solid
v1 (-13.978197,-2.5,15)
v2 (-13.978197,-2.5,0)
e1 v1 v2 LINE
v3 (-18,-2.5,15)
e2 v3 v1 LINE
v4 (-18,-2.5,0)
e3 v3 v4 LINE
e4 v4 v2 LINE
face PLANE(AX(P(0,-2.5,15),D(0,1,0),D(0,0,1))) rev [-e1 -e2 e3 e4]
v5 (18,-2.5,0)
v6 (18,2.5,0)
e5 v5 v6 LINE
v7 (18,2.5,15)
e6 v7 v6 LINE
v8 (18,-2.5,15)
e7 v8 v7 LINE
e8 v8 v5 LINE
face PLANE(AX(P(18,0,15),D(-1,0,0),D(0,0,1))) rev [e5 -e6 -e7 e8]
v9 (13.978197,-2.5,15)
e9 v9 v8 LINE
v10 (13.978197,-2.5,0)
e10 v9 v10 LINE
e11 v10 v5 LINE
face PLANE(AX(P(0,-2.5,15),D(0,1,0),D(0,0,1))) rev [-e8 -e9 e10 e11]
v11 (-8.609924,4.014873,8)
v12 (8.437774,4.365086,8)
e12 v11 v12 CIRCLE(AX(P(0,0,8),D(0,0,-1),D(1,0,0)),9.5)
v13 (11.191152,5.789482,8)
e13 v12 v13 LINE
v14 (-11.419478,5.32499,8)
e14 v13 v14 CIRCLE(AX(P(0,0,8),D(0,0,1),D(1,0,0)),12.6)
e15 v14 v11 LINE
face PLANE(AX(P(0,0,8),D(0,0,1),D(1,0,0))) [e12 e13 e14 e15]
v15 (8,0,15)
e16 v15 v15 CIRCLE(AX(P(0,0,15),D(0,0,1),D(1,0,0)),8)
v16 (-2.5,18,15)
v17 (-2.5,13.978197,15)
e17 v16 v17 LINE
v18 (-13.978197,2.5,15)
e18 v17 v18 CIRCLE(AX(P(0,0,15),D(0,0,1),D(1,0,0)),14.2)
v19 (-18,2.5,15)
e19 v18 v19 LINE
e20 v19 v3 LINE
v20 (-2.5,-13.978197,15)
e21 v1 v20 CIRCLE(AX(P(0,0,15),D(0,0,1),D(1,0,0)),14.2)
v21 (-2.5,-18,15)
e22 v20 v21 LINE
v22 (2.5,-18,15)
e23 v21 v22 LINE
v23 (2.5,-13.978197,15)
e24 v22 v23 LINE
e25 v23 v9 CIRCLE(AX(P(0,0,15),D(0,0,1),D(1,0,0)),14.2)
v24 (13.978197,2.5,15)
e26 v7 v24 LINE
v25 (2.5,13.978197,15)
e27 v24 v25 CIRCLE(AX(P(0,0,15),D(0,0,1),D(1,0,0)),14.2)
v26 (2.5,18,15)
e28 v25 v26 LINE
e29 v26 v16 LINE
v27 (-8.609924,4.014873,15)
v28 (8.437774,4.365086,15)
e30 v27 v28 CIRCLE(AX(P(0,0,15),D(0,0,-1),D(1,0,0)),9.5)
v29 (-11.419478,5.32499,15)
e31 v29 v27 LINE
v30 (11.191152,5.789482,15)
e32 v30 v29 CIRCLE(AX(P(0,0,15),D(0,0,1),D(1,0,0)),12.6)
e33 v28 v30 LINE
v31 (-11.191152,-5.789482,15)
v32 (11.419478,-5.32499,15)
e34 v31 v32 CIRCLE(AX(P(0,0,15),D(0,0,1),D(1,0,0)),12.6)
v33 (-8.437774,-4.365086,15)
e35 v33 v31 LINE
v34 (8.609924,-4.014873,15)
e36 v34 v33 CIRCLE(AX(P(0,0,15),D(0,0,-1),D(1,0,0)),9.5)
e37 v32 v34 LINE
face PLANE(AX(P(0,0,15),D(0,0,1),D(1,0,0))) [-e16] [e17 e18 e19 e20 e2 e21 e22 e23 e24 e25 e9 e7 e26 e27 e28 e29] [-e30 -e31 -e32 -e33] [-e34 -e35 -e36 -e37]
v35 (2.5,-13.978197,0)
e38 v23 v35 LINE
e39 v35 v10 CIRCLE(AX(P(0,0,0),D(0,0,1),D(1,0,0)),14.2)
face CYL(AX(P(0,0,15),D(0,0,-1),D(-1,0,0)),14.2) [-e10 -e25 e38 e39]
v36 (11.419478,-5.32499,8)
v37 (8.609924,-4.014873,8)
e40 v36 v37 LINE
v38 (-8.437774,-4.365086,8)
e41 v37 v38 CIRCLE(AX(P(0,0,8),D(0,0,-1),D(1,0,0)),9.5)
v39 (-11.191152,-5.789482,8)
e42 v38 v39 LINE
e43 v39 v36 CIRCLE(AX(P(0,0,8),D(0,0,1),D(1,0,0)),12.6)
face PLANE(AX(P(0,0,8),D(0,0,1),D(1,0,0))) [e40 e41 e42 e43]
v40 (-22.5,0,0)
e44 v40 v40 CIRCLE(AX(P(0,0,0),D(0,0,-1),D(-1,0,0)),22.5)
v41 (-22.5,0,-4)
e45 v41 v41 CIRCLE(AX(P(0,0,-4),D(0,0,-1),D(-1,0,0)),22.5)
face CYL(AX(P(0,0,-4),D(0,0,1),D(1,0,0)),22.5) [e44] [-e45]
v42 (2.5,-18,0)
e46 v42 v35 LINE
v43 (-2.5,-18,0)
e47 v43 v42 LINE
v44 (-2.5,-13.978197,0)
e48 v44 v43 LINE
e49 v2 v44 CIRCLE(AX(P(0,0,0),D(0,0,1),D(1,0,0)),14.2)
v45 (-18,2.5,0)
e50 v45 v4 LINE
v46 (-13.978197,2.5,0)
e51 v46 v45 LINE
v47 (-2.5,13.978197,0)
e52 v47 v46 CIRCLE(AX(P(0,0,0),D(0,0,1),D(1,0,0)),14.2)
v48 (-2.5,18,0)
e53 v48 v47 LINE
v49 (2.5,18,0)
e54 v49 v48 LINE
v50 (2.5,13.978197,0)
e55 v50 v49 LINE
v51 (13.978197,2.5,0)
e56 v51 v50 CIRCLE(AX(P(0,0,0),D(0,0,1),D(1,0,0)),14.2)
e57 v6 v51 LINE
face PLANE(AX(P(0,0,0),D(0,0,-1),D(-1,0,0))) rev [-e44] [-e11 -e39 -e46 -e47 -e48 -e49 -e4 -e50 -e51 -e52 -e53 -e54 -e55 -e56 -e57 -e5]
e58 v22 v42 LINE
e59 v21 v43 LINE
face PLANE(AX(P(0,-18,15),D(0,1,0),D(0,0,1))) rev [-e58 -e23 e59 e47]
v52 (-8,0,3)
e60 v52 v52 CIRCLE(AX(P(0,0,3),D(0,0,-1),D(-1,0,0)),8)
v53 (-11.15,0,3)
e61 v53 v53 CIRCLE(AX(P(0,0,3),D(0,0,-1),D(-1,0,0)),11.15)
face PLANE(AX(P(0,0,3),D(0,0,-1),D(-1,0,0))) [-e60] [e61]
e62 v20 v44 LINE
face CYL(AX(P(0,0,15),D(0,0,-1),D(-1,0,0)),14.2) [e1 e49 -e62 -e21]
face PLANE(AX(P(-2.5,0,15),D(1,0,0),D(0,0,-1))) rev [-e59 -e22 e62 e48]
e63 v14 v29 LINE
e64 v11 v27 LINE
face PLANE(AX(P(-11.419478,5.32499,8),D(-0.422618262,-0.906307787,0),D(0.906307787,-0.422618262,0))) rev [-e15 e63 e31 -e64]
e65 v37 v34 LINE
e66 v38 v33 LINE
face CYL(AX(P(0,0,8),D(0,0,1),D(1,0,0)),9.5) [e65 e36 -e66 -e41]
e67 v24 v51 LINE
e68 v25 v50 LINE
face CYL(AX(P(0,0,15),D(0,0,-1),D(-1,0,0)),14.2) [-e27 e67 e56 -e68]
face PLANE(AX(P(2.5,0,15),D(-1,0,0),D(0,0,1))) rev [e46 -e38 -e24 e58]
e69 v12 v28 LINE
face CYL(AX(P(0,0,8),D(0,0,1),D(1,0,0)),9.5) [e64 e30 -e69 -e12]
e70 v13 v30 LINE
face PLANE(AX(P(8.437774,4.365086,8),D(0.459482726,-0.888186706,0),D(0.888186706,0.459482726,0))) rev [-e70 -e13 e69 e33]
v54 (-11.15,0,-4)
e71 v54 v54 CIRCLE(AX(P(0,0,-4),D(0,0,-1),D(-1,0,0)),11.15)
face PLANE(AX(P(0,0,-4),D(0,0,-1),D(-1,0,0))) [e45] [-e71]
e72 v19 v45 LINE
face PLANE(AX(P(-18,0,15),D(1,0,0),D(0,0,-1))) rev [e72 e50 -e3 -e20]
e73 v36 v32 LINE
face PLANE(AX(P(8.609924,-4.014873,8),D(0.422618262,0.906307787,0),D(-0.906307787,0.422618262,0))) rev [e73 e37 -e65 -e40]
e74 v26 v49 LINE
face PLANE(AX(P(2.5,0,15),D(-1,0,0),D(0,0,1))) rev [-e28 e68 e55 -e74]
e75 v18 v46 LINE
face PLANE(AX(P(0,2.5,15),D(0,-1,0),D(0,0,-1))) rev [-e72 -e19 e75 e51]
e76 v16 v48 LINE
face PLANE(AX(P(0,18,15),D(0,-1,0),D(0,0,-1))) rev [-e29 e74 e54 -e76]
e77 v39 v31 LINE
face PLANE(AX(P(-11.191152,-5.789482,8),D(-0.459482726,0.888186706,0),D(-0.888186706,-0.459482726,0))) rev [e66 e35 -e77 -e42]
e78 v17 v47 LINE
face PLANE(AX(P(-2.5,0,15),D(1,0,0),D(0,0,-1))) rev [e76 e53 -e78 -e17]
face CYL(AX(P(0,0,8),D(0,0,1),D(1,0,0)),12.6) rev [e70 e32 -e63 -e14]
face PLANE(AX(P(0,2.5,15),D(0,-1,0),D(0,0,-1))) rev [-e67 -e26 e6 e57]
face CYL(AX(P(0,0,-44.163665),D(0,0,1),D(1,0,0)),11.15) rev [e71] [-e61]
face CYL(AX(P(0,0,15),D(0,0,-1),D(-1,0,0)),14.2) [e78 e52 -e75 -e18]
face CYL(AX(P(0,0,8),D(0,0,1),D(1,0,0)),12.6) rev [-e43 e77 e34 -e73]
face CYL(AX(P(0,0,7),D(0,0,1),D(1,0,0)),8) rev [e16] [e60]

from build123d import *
from build123d.topology import SkipClean

# Parameters (mm, degrees)
ESBO_O1_R                = 11.15
RESSALTO_EXTRUS_O1_DEPTH = 15
ESBO_O2_R                = 22.5
RESSALTO_EXTRUS_O2_DEPTH = 4
RESSALTO_EXTRUS_O6_START = -8
ESBO_O5_R                = 11.15
ESBO_O5_R_2              = 8
RESSALTO_EXTRUS_O6_DEPTH = 8
RESSALTO_EXTRUS_O7_START = 4
ESBO_O7_R                = 14.2
ESBO_O7_R_2              = 11.15
RESSALTO_EXTRUS_O7_DEPTH = 4
RESSALTO_EXTRUS_O8_START = 4
ESBO_O8_R                = 11.15
ESBO_O8_R_2              = 8
RESSALTO_EXTRUS_O8_DEPTH = 4
CORTE_EXTRUS_O1_DEPTH    = 7


with BuildPart() as part:
    # Esboço1 → Ressalto-extrusão1 (new body)
    with BuildSketch(Plane.XY):
        with BuildLine():
            Line((-2.5, 18), (-2.5, 13.978197309))
            ThreePointArc((-2.5, 13.978197309), (-10.040916293, 10.040916293), (-13.978197309, 2.5))
            Line((-13.978197309, 2.5), (-18, 2.5))
            Line((-18, 2.5), (-18, -2.5))
            Line((-18, -2.5), (-13.978197309, -2.5))
            ThreePointArc((-13.978197309, -2.5), (-10.040916293, -10.040916293), (-2.5, -13.978197309))
            Line((-2.5, -13.978197309), (-2.5, -18))
            Line((-2.5, -18), (2.5, -18))
            Line((2.5, -18), (2.5, -13.978197309))
            ThreePointArc((2.5, -13.978197309), (10.040916293, -10.040916293), (13.978197309, -2.5))
            Line((13.978197309, -2.5), (18, -2.5))
            Line((18, -2.5), (18, 2.5))
            Line((18, 2.5), (13.978197309, 2.5))
            ThreePointArc((13.978197309, 2.5), (10.040916293, 10.040916293), (2.5, 13.978197309))
            Line((2.5, 13.978197309), (2.5, 18))
            Line((2.5, 18), (-2.5, 18))
        make_face()
        Circle(ESBO_O1_R, mode=Mode.SUBTRACT)
    extrude(amount=RESSALTO_EXTRUS_O1_DEPTH)

    # Esboço5 → Ressalto-extrusão6 (add)
    with BuildSketch(Plane.XY.offset(15).offset(RESSALTO_EXTRUS_O6_START)):
        Circle(ESBO_O5_R)
        Circle(ESBO_O5_R_2, mode=Mode.SUBTRACT)
    extrude(amount=RESSALTO_EXTRUS_O6_DEPTH)



with BuildPart() as body_2:
    # Esboço2 → Ressalto-extrusão2 (new body)
    # profile 1 of 5: a face of its own
    with SkipClean():  # the faces are left unmerged after this step: merging them gives an invalid solid
        with BuildSketch(Plane(origin=(0, 0, 0), x_dir=(-1, 0, 0), z_dir=(0, 0, -1))):
            Circle(ESBO_O2_R)
            with BuildLine():
                Line((2.5, 13.978197309), (2.5, 18))
                Line((2.5, 18), (-2.5, 18))
                Line((-2.5, 18), (-2.5, 13.978197309))
                ThreePointArc((-2.5, 13.978197309), (-10.040916293, 10.040916293), (-13.978197309, 2.5))
                Line((-13.978197309, 2.5), (-18, 2.5))
                Line((-18, 2.5), (-18, -2.5))
                Line((-18, -2.5), (-13.978197309, -2.5))
                ThreePointArc((-13.978197309, -2.5), (-10.040916293, -10.040916293), (-2.5, -13.978197309))
                Line((-2.5, -13.978197309), (-2.5, -18))
                Line((-2.5, -18), (2.5, -18))
                Line((2.5, -18), (2.5, -13.978197309))
                ThreePointArc((2.5, -13.978197309), (10.040916293, -10.040916293), (13.978197309, -2.5))
                Line((13.978197309, -2.5), (18, -2.5))
                Line((18, -2.5), (18, 2.5))
                Line((18, 2.5), (13.978197309, 2.5))
                ThreePointArc((13.978197309, 2.5), (10.040916293, 10.040916293), (2.5, 13.978197309))
            make_face(mode=Mode.SUBTRACT)
        # profile 2 of 5: a face of its own
        with BuildSketch(Plane(origin=(0, 0, 0), x_dir=(-1, 0, 0), z_dir=(0, 0, -1))):
            with BuildLine():
                Line((2.5, -18), (2.5, -13.978197309))
                ThreePointArc((2.5, -13.978197309), (0, -14.2), (-2.5, -13.978197309))
                Line((-2.5, -13.978197309), (-2.5, -18))
                Line((-2.5, -18), (2.5, -18))
            make_face()
        # profile 3 of 5: a face of its own
        with BuildSketch(Plane(origin=(0, 0, 0), x_dir=(-1, 0, 0), z_dir=(0, 0, -1))):
            with BuildLine():
                ThreePointArc((-13.978197309, -2.5), (-14.2, 0), (-13.978197309, 2.5))
                Line((-13.978197309, 2.5), (-18, 2.5))
                Line((-18, 2.5), (-18, -2.5))
                Line((-18, -2.5), (-13.978197309, -2.5))
            make_face()
        # profile 4 of 5: a face of its own
        with BuildSketch(Plane(origin=(0, 0, 0), x_dir=(-1, 0, 0), z_dir=(0, 0, -1))):
            with BuildLine():
                ThreePointArc((-2.5, 13.978197309), (0, 14.2), (2.5, 13.978197309))
                Line((2.5, 13.978197309), (2.5, 18))
                Line((2.5, 18), (-2.5, 18))
                Line((-2.5, 18), (-2.5, 13.978197309))
            make_face()
        # profile 5 of 5: a face of its own
        with BuildSketch(Plane(origin=(0, 0, 0), x_dir=(-1, 0, 0), z_dir=(0, 0, -1))):
            with BuildLine():
                Line((18, 2.5), (13.978197309, 2.5))
                ThreePointArc((13.978197309, 2.5), (14.2, 0), (13.978197309, -2.5))
                Line((13.978197309, -2.5), (18, -2.5))
                Line((18, -2.5), (18, 2.5))
            make_face()
        extrude(amount=RESSALTO_EXTRUS_O2_DEPTH)


with BuildPart() as part_1:
    with SkipClean():  # the faces are left unmerged after this step: merging them gives an invalid solid
        add(part.part)

        add(body_2.part)  # Ressalto-extrusão7 merges body 2
        # Esboço7 → Ressalto-extrusão7 (add)
        with BuildSketch(Plane(origin=(0, 0, 0), x_dir=(-1, 0, 0), z_dir=(0, 0, -1)).offset(RESSALTO_EXTRUS_O7_START)):
            Circle(ESBO_O7_R)
            with Locations(Location((0, 0, 0), (0, 0, 180))):
                Circle(ESBO_O7_R_2, mode=Mode.SUBTRACT)
        extrude(amount=-RESSALTO_EXTRUS_O7_DEPTH)

    # Esboço8 → Ressalto-extrusão8 (add)
    with BuildSketch(Plane(origin=(0, 0, 7), x_dir=(-1, 0, 0), z_dir=(0, 0, -1)).offset(RESSALTO_EXTRUS_O8_START)):
        Circle(ESBO_O8_R)
        with Locations(Location((0, 0, 0), (0, 0, 180))):
            Circle(ESBO_O8_R_2, mode=Mode.SUBTRACT)
    extrude(amount=-RESSALTO_EXTRUS_O8_DEPTH)

    # Esboço11 → Corte-extrusão1 (cut)
    with BuildSketch(Plane.XY.offset(15)):
        with BuildLine():
            Line((-11.191152491, -5.789482353), (-8.437773704, -4.365085901))
            ThreePointArc((-8.437773704, -4.365085901), (0.195118203, -9.497996046), (8.609923977, -4.014873487))
            Line((8.609923977, -4.014873487), (11.419478117, -5.324990098))
            ThreePointArc((11.419478117, -5.324990098), (0.258788353, -12.597342124), (-11.191152491, -5.789482353))
        make_face()
        with BuildLine():
            Line((-11.419478117, 5.324990098), (-8.609923977, 4.014873487))
            ThreePointArc((-8.609923977, 4.014873487), (-0.195118203, 9.497996046), (8.437773704, 4.365085901))
            Line((8.437773704, 4.365085901), (11.191152491, 5.789482353))
            ThreePointArc((11.191152491, 5.789482353), (-0.258788353, 12.597342124), (-11.419478117, 5.324990098))
        make_face()
    extrude(amount=-CORTE_EXTRUS_O1_DEPTH, mode=Mode.SUBTRACT)


solid = part_1.part
